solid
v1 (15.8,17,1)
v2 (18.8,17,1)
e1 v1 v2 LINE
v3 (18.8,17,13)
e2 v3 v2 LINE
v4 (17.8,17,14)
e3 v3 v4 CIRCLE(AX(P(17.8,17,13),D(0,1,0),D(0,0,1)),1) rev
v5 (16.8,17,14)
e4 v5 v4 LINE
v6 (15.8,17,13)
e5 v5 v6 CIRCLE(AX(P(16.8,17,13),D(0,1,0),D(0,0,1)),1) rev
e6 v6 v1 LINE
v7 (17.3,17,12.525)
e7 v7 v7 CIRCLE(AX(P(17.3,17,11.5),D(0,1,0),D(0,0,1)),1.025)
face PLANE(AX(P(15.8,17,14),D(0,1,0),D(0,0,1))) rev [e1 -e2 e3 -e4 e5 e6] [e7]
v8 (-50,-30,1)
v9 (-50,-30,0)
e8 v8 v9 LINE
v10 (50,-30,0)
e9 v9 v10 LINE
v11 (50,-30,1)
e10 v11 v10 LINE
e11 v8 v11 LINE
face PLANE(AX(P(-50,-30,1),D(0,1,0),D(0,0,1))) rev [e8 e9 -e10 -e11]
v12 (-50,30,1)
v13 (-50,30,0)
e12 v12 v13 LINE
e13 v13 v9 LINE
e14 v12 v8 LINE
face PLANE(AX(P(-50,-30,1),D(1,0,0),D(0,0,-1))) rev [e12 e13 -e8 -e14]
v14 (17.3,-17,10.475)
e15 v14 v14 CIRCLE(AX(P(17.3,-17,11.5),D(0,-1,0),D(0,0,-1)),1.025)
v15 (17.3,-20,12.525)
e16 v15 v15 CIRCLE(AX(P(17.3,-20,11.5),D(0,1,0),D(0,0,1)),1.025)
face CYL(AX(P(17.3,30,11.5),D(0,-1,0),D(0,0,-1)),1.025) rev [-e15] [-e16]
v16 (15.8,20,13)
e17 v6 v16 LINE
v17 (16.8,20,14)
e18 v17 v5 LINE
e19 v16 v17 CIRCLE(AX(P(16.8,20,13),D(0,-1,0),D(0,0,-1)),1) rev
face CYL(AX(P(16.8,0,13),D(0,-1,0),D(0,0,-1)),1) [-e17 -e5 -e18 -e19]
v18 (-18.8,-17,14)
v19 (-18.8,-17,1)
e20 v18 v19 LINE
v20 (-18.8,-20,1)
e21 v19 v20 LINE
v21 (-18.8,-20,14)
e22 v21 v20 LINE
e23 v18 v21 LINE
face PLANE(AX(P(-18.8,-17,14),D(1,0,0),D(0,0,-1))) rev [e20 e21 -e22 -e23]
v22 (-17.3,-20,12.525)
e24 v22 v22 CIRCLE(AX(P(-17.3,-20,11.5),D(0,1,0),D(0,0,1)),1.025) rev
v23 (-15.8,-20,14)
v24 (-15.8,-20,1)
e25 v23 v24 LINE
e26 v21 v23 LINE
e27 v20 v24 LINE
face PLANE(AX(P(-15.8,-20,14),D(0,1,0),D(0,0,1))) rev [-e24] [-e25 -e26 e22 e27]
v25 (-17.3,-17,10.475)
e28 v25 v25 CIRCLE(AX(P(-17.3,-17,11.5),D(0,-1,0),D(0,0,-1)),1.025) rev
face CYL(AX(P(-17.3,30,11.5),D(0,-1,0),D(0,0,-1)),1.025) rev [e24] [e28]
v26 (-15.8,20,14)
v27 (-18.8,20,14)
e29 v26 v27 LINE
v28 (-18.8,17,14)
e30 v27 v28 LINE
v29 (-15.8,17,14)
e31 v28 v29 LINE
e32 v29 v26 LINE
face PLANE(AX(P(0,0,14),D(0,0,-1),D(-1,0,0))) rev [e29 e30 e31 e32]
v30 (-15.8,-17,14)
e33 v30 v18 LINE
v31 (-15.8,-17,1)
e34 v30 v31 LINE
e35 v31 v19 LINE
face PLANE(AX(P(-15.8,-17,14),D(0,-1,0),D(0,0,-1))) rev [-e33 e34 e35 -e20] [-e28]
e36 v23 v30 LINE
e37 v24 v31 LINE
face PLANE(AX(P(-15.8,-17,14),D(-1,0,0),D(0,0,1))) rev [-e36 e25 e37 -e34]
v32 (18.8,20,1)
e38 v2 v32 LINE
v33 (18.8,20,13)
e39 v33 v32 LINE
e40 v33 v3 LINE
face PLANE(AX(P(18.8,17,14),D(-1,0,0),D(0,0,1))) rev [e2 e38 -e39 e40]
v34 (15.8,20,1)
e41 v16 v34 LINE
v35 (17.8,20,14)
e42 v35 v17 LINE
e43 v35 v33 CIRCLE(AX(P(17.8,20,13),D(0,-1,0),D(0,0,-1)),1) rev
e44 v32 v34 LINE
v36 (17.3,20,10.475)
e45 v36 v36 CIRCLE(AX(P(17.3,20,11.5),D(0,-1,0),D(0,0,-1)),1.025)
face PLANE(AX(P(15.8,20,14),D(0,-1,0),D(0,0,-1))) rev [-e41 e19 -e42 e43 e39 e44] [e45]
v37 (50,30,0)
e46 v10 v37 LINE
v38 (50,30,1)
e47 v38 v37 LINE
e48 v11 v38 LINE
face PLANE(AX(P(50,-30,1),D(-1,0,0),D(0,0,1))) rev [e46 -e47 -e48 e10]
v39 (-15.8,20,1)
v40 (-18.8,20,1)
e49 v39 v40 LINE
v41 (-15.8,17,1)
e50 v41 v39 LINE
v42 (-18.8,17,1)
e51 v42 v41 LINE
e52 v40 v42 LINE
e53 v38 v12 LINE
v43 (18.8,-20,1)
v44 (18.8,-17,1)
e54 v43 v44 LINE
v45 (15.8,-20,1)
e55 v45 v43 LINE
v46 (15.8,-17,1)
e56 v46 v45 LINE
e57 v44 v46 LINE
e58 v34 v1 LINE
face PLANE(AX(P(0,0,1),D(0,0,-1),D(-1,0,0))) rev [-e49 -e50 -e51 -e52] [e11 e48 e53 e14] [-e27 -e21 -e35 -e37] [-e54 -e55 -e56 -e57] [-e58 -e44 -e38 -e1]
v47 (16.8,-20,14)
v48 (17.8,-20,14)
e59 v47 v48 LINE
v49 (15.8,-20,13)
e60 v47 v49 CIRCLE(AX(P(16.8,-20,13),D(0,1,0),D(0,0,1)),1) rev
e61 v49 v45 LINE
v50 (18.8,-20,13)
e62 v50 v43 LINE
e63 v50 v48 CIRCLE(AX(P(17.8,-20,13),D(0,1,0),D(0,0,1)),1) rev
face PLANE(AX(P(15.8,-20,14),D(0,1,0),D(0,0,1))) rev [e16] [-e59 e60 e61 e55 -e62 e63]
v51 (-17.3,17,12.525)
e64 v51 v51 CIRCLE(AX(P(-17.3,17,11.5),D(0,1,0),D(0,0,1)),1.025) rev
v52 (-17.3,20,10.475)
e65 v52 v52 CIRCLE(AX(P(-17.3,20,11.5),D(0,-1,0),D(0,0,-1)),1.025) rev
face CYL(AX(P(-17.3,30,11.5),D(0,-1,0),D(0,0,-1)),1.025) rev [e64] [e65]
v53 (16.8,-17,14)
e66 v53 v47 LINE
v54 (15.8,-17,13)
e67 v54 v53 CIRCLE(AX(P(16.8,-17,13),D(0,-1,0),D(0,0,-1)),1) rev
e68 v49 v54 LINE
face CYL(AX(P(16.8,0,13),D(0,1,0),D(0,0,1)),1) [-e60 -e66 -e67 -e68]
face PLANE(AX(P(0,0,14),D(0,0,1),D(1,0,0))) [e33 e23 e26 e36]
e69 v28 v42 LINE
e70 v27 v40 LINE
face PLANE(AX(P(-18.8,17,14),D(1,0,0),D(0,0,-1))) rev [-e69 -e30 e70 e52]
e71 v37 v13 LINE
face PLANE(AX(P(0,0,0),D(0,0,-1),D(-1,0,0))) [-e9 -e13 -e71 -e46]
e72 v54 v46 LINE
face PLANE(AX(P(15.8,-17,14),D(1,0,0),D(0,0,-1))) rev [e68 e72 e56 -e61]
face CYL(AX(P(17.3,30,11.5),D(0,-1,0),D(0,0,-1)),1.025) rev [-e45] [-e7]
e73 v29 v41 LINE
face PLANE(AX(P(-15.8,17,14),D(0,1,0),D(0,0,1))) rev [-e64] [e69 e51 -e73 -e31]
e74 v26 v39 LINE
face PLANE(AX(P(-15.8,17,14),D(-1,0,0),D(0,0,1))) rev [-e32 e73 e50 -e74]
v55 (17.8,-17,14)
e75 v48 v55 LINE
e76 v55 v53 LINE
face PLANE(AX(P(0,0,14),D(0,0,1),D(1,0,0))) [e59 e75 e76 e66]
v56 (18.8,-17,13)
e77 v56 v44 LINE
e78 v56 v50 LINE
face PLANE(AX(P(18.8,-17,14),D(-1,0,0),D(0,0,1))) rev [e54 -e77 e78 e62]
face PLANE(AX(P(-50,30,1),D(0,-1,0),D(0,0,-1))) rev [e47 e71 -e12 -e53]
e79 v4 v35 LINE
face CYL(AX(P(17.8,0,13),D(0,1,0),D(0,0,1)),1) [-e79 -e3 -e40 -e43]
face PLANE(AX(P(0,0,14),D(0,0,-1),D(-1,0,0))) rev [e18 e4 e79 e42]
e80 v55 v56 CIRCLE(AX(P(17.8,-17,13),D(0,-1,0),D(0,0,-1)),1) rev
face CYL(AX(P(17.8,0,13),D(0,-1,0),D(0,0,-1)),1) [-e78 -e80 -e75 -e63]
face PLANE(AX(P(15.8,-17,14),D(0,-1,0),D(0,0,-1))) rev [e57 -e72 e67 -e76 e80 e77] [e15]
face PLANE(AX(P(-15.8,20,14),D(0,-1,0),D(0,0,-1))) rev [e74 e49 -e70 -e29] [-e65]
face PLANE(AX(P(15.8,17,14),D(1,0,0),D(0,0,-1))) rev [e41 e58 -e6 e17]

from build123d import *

# Parameters (mm, degrees)
ESBO_O1_W                  = 100
ESBO_O1_H                  = 60
RESSALTO_EXTRUS_O1_DEPTH   = 1
ESBO_O2_W                  = 3
ESBO_O2_H                  = 3
RESSALTO_EXTRUS_O2_DEPTH   = 14
CORTE_EXTRUS_O1_DEPTH      = 73.083285164
CORTE_EXTRUS_O1_DEPTH_BACK = 73.083285164
ESBO_O3_R                  = 1.025
FILETE1_R                  = 1
FILETE2_R                  = 1


with BuildPart() as part:
    # Esboço1 → Ressalto-extrusão1 (new body)
    with BuildSketch(Plane.XY):
        Rectangle(ESBO_O1_W, ESBO_O1_H)
    extrude(amount=RESSALTO_EXTRUS_O1_DEPTH)

    # Esboço2 → Ressalto-extrusão2 (add)
    with BuildSketch(Plane.XY):
        with Locations((17.3, 18.5)):
            Rectangle(ESBO_O2_W, ESBO_O2_H)
        with Locations((17.3, -18.5)):
            Rectangle(ESBO_O2_W, ESBO_O2_H)
        with Locations((-17.3, -18.5)):
            Rectangle(ESBO_O2_W, ESBO_O2_H)
        with Locations((-17.3, 18.5)):
            Rectangle(ESBO_O2_W, ESBO_O2_H)
    extrude(amount=RESSALTO_EXTRUS_O2_DEPTH)

    # Esboço3 → Corte-extrusão1 (cut, two sides: drawn at the far end of the back side and taken through both)
    with BuildSketch(Plane(origin=(0, -20, 0), x_dir=(-1, 0, 0), z_dir=(0, -1, 0)).offset(-CORTE_EXTRUS_O1_DEPTH_BACK)):
        with Locations(Location((-17.3, -11.5, 0), (0, 0, 90))):
            Circle(ESBO_O3_R)
        with Locations(Location((17.3, -11.5, 0), (0, 0, 90))):
            Circle(ESBO_O3_R)
    extrude(amount=CORTE_EXTRUS_O1_DEPTH + CORTE_EXTRUS_O1_DEPTH_BACK, mode=Mode.SUBTRACT)

    # Filete1
    filete1_edges = [part.edges().sort_by_distance(p)[0] for p in [
        (15.8, -18.5, 14),
    ]]
    fillet(filete1_edges, radius=FILETE1_R)

    # Filete2
    filete2_edges = [part.edges().sort_by_distance(p)[0] for p in [
        (18.8, 18.5, 14),
        (15.8, 18.5, 14),
        (18.8, -18.5, 14),
    ]]
    fillet(filete2_edges, radius=FILETE2_R)


solid = part.part
